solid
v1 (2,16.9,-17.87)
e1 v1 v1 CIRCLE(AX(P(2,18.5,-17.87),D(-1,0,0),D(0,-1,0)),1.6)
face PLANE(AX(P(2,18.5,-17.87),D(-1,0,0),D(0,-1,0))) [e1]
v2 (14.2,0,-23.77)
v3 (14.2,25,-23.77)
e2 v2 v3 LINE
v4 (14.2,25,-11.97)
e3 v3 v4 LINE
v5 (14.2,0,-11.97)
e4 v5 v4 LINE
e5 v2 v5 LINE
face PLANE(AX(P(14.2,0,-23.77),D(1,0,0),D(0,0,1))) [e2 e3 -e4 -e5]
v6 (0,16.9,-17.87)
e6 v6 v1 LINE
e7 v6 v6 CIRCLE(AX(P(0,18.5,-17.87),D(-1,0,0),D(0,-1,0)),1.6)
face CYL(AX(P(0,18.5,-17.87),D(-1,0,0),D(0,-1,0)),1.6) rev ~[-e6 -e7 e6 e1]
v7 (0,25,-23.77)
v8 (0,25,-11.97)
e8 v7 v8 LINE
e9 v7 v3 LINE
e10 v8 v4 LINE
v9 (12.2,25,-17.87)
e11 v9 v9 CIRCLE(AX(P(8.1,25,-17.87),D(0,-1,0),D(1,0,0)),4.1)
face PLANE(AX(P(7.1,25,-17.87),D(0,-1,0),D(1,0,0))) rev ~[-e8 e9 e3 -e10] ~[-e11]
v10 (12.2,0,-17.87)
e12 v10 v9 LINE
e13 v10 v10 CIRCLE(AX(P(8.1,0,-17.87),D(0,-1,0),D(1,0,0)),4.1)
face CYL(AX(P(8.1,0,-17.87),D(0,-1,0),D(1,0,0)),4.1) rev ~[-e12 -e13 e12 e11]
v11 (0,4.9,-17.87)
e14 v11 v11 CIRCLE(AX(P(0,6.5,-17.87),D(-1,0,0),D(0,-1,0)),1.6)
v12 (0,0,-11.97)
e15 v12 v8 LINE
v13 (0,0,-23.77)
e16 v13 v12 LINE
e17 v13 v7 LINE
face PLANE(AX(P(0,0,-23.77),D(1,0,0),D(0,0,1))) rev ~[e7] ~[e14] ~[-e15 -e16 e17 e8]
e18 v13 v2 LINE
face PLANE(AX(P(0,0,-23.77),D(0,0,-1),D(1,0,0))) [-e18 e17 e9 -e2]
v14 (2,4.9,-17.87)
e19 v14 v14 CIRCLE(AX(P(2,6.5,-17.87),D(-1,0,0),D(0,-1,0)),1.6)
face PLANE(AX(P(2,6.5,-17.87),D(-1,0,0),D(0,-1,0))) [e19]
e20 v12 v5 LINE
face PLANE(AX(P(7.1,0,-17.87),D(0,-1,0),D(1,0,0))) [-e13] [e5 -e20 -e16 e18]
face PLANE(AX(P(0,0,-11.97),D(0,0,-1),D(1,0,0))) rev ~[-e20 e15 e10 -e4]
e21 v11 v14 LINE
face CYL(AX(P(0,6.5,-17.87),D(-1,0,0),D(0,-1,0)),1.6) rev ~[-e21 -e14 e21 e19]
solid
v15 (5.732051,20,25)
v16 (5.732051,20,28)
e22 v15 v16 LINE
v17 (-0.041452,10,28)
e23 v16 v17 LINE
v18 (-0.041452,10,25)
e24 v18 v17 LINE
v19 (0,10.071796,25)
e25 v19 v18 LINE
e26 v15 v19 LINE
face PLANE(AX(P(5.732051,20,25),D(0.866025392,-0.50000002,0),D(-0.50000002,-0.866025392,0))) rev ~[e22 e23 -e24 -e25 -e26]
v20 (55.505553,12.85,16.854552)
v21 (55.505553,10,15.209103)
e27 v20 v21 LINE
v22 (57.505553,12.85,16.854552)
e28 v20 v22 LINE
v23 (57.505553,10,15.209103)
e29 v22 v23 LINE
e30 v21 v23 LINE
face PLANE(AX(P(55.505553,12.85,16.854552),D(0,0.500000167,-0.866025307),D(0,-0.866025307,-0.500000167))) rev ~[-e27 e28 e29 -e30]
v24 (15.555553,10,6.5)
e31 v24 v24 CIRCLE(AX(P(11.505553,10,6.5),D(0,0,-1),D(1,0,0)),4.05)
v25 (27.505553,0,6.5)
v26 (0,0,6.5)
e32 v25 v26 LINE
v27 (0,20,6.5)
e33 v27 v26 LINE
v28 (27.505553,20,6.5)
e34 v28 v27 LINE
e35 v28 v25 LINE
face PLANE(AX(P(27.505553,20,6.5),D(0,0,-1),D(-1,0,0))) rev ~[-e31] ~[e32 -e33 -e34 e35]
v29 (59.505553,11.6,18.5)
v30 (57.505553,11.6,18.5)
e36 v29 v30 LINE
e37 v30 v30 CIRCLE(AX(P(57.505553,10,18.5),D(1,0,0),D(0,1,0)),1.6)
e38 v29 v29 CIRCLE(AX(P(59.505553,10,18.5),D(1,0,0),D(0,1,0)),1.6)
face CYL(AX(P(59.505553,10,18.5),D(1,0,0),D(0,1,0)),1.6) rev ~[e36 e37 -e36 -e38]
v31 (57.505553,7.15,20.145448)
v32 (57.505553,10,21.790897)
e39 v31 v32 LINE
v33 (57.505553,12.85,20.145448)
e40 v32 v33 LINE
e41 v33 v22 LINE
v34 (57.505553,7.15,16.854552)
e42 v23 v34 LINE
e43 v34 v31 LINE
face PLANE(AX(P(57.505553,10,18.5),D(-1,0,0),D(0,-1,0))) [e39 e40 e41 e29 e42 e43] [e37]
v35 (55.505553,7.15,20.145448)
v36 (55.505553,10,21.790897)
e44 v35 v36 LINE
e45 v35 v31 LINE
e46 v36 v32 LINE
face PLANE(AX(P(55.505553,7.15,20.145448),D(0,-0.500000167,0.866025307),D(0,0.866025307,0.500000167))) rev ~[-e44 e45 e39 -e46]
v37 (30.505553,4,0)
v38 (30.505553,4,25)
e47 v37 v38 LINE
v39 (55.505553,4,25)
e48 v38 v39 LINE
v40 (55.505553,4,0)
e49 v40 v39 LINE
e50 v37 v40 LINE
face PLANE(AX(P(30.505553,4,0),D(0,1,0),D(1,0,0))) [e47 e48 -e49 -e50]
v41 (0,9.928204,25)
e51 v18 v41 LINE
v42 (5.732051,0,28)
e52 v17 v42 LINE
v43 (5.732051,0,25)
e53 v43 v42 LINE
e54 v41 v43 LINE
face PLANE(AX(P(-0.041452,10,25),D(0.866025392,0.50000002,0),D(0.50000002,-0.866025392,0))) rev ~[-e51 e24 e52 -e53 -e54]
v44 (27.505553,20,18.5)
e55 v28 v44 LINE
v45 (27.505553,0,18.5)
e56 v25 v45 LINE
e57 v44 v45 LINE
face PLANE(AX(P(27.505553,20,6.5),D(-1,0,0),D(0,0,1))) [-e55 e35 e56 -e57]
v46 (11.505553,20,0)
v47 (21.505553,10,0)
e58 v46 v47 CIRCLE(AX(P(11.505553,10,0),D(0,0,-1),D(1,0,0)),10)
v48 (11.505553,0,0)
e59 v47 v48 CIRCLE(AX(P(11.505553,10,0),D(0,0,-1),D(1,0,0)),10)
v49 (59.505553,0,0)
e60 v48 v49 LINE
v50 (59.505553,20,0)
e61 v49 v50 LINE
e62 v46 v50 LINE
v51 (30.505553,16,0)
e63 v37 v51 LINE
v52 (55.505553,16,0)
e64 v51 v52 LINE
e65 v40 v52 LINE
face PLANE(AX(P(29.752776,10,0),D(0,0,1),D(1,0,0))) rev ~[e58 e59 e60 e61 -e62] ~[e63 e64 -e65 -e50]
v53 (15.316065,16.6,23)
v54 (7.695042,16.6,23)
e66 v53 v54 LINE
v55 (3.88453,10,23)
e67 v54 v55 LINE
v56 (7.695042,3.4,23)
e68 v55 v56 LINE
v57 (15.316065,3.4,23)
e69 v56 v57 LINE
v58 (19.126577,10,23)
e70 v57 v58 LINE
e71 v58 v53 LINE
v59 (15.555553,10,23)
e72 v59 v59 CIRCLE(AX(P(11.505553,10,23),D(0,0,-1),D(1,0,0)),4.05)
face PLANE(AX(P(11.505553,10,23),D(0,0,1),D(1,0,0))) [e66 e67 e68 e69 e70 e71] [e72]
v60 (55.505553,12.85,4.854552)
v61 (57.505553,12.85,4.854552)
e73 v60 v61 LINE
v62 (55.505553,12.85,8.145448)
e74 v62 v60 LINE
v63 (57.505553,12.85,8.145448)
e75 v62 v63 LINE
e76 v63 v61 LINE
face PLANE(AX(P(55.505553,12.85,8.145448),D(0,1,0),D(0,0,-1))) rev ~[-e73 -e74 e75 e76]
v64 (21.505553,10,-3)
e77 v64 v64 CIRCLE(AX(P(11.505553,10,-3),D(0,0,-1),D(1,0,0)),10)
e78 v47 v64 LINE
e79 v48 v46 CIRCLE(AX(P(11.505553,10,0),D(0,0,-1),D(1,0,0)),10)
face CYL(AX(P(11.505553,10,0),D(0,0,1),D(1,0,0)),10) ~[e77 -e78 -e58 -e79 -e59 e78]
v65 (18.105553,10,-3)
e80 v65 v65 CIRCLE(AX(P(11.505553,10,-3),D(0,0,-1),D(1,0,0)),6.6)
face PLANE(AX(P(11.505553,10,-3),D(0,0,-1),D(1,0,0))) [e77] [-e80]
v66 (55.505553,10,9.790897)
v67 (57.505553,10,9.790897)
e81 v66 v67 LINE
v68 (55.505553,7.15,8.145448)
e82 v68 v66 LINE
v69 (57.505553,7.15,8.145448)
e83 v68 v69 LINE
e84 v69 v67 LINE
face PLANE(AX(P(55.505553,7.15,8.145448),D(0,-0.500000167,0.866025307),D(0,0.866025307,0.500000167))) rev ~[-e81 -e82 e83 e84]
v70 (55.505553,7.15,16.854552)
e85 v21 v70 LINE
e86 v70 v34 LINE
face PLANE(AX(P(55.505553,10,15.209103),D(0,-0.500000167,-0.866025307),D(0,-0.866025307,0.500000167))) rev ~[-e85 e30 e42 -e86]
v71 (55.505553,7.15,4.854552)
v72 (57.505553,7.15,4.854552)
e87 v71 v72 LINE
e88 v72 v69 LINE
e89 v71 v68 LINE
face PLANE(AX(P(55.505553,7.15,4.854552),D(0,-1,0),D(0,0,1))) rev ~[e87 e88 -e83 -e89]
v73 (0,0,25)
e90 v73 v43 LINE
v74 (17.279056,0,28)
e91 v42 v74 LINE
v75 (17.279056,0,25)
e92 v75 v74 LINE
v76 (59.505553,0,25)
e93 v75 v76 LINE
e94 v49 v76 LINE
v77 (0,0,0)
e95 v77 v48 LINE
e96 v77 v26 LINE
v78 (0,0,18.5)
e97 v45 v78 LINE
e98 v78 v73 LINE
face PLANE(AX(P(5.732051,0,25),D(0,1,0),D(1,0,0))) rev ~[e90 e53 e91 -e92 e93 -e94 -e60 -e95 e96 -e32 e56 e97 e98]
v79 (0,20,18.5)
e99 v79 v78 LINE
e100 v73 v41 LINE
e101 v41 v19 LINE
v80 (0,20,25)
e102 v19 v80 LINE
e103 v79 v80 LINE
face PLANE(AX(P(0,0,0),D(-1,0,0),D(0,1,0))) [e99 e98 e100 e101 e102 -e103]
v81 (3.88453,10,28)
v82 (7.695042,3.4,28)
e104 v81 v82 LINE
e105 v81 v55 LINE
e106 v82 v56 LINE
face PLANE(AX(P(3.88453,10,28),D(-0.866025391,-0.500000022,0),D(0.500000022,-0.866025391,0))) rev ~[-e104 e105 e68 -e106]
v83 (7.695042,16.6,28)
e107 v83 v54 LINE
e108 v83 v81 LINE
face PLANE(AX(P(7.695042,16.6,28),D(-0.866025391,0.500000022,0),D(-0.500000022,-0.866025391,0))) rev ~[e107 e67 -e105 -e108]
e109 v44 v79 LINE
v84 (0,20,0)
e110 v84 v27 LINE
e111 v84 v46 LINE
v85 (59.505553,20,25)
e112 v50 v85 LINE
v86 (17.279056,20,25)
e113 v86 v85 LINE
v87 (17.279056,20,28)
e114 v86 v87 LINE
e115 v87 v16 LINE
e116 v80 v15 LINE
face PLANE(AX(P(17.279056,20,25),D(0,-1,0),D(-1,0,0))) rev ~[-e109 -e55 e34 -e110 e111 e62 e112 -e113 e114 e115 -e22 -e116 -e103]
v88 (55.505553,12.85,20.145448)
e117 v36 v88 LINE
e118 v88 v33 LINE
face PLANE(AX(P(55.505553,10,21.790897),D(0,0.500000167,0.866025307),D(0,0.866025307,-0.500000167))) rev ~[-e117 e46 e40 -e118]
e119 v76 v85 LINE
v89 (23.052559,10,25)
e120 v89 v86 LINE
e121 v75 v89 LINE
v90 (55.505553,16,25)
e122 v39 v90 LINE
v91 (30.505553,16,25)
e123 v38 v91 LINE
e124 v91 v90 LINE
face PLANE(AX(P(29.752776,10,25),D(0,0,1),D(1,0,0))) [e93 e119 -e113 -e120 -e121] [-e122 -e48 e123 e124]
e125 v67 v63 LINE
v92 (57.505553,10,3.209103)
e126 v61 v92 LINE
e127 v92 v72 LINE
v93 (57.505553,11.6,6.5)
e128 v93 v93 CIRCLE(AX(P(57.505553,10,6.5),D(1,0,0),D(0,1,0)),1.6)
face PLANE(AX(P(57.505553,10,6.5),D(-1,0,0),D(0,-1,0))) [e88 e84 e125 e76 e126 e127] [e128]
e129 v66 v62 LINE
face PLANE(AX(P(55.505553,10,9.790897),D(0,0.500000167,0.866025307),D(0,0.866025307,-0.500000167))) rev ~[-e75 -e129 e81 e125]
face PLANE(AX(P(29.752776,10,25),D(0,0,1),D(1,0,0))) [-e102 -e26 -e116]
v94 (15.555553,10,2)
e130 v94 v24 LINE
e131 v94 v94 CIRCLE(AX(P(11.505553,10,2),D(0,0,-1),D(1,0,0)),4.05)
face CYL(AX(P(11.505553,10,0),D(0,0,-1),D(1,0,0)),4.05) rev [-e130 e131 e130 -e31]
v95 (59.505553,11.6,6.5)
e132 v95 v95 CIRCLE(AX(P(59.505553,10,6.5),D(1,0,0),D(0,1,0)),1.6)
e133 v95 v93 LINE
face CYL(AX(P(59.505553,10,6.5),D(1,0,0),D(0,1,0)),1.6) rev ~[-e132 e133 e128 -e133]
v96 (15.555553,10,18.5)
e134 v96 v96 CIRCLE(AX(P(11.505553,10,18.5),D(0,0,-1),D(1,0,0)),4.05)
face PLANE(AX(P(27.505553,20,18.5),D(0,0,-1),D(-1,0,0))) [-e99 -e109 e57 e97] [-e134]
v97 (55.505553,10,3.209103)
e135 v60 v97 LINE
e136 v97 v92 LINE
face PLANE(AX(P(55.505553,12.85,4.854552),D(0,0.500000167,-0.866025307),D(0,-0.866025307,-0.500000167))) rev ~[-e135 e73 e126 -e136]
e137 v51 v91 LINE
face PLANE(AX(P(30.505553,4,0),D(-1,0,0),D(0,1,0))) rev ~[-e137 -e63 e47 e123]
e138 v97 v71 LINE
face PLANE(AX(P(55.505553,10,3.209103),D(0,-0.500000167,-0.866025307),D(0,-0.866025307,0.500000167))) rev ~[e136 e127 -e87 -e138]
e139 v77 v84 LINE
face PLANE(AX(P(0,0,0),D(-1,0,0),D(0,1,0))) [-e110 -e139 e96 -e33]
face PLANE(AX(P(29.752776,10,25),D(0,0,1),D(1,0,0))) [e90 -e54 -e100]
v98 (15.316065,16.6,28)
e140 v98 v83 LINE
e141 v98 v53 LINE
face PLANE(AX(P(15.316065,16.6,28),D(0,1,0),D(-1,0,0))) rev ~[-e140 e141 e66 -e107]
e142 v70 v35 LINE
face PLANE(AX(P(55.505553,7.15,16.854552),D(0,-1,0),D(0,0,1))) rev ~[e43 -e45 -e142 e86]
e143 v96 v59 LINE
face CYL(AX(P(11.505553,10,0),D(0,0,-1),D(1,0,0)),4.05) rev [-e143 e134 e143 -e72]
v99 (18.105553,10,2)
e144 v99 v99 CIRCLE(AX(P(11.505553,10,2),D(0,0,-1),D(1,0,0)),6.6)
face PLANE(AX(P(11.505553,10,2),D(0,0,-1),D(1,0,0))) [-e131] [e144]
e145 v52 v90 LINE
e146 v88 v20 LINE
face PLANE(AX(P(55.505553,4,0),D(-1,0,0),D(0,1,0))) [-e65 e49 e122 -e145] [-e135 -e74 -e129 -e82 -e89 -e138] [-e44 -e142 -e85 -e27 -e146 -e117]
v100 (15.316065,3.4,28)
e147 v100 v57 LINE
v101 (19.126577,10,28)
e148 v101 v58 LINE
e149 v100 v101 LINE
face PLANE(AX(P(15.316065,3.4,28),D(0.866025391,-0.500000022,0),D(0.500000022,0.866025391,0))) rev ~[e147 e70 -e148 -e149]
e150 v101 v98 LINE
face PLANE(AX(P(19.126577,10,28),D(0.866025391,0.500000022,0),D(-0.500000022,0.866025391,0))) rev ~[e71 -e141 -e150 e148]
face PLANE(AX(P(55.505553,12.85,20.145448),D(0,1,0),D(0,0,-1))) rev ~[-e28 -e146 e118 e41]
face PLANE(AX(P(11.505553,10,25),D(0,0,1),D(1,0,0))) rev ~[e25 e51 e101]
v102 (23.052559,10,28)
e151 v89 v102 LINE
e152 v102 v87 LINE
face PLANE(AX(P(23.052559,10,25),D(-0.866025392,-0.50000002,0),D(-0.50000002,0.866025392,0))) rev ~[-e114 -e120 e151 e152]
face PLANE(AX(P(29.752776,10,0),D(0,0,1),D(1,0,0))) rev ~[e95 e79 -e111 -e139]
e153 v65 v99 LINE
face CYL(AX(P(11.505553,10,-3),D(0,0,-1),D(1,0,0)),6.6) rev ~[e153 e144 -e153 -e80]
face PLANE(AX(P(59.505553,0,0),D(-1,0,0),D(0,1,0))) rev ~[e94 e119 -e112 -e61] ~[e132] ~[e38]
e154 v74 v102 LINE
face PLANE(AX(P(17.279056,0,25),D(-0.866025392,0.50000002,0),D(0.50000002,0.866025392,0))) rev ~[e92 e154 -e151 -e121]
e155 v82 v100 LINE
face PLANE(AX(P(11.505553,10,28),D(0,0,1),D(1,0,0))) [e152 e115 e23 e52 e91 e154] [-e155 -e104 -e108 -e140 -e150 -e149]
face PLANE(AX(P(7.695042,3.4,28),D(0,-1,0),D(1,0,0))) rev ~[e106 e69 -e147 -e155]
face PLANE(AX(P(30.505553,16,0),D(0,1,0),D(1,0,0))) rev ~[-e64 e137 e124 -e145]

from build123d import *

# Parameters (mm, degrees)
F0_W      = 59.505553
F0_H      = 20
F0_R      = 4.05
F0_W_2    = 25
F0_H_2    = 12
F1_DEPTH  = 25
F2_W      = 27.505553
F2_H      = 12
F3_DEPTH  = 25
F5_DEPTH  = 3
F7_DEPTH  = 5
F8_R      = 10
F9_DEPTH  = 3
F10_R     = 6.6
F11_DEPTH = 5
F12_R     = 1.6
F13_DEPTH = 4
F14_W     = 14.2
F14_H     = 11.8
F14_R     = 4.1
F15_DEPTH = 25
F16_R     = 1.6
F17_DEPTH = 2
F19_DEPTH = 2


with BuildPart() as f1:
    # F0 (on Top) → F1 (new body)
    with BuildSketch(Plane.XY):
        with Locations((29.752776, 10)):
            Rectangle(F0_W, F0_H)
        with Locations((11.505553, 10)):
            Circle(F0_R, mode=Mode.SUBTRACT)
        with Locations((43.005553, 10)):
            Rectangle(F0_W_2, F0_H_2, mode=Mode.SUBTRACT)
    extrude(amount=F1_DEPTH)

    # F2 (on face) → F3 (cut)
    with BuildSketch(Plane(origin=(0, 20, 0), x_dir=(-1, 0, 0), z_dir=(0, 1, 0))):
        with Locations((-13.752776, 12.5)):
            Rectangle(F2_W, F2_H)
    extrude(amount=-F3_DEPTH, mode=Mode.SUBTRACT)

    # F4 (on face) → F5 (join)
    with BuildSketch(Plane.XY.offset(25)):
        Polygon((17.279056, 20), (5.732051, 20), (-0.041452, 10), (5.732051, 0), (17.279056, 0), (23.052559, 10), align=None)
    extrude(amount=F5_DEPTH)

    # F6 (on face) → F7 (cut)
    with BuildSketch(Plane.XY.offset(28)):
        Polygon((7.695042, 16.6), (3.88453, 10), (7.695042, 3.4), (15.316065, 3.4), (19.126577, 10), (15.316065, 16.6), align=None)
    extrude(amount=-F7_DEPTH, mode=Mode.SUBTRACT)

    # F8 (on face) → F9 (join)
    with BuildSketch(Plane(origin=(0, 0, 0), x_dir=(1, 0, 0), z_dir=(0, 0, -1))):
        with Locations((11.505553, -10)):
            Circle(F8_R)
    extrude(amount=F9_DEPTH)

    # F10 (on face) → F11 (cut)
    with BuildSketch(Plane(origin=(0, 0, -3), x_dir=(1, 0, 0), z_dir=(0, 0, -1))):
        with Locations((11.505553, -10)):
            Circle(F10_R)
    extrude(amount=-F11_DEPTH, mode=Mode.SUBTRACT)

    # F12 (on face) → F13 (cut, through all)
    with BuildSketch(Plane.YZ.offset(59.505553)):
        with Locations((10, 6.5)):
            Circle(F12_R)
        with Locations((10, 18.5)):
            Circle(F12_R)
    extrude(amount=-F13_DEPTH, mode=Mode.SUBTRACT)

    # F18 (on face) → F19 (cut)
    with BuildSketch(Plane(origin=(55.505553, 0, 0), x_dir=(0, -1, 0), z_dir=(-1, 0, 0))):
        Polygon((-12.85, 8.145448), (-12.85, 4.854552), (-10, 3.209103), (-7.15, 4.854552), (-7.15, 8.145448), (-10, 9.790897), align=None)
        Polygon((-12.85, 20.145448), (-12.85, 16.854552), (-10, 15.209103), (-7.15, 16.854552), (-7.15, 20.145448), (-10, 21.790897), align=None)
    extrude(amount=-F19_DEPTH, mode=Mode.SUBTRACT)


with BuildPart() as f15:
    # F14 (on Front) → F15 (new body)
    with BuildSketch(Plane.XZ):
        with Locations((7.1, -17.87)):
            Rectangle(F14_W, F14_H)
        with Locations((8.1, -17.87)):
            Circle(F14_R, mode=Mode.SUBTRACT)
    extrude(amount=-F15_DEPTH)

    # F16 (on face) → F17 (cut)
    with BuildSketch(Plane(origin=(0, 0, 0), x_dir=(0, -1, 0), z_dir=(-1, 0, 0))):
        with Locations((-18.5, -17.87)):
            Circle(F16_R)
        with Locations((-6.5, -17.87)):
            Circle(F16_R)
    extrude(amount=-F17_DEPTH, mode=Mode.SUBTRACT)


solid = Compound([f1.part, f15.part])
